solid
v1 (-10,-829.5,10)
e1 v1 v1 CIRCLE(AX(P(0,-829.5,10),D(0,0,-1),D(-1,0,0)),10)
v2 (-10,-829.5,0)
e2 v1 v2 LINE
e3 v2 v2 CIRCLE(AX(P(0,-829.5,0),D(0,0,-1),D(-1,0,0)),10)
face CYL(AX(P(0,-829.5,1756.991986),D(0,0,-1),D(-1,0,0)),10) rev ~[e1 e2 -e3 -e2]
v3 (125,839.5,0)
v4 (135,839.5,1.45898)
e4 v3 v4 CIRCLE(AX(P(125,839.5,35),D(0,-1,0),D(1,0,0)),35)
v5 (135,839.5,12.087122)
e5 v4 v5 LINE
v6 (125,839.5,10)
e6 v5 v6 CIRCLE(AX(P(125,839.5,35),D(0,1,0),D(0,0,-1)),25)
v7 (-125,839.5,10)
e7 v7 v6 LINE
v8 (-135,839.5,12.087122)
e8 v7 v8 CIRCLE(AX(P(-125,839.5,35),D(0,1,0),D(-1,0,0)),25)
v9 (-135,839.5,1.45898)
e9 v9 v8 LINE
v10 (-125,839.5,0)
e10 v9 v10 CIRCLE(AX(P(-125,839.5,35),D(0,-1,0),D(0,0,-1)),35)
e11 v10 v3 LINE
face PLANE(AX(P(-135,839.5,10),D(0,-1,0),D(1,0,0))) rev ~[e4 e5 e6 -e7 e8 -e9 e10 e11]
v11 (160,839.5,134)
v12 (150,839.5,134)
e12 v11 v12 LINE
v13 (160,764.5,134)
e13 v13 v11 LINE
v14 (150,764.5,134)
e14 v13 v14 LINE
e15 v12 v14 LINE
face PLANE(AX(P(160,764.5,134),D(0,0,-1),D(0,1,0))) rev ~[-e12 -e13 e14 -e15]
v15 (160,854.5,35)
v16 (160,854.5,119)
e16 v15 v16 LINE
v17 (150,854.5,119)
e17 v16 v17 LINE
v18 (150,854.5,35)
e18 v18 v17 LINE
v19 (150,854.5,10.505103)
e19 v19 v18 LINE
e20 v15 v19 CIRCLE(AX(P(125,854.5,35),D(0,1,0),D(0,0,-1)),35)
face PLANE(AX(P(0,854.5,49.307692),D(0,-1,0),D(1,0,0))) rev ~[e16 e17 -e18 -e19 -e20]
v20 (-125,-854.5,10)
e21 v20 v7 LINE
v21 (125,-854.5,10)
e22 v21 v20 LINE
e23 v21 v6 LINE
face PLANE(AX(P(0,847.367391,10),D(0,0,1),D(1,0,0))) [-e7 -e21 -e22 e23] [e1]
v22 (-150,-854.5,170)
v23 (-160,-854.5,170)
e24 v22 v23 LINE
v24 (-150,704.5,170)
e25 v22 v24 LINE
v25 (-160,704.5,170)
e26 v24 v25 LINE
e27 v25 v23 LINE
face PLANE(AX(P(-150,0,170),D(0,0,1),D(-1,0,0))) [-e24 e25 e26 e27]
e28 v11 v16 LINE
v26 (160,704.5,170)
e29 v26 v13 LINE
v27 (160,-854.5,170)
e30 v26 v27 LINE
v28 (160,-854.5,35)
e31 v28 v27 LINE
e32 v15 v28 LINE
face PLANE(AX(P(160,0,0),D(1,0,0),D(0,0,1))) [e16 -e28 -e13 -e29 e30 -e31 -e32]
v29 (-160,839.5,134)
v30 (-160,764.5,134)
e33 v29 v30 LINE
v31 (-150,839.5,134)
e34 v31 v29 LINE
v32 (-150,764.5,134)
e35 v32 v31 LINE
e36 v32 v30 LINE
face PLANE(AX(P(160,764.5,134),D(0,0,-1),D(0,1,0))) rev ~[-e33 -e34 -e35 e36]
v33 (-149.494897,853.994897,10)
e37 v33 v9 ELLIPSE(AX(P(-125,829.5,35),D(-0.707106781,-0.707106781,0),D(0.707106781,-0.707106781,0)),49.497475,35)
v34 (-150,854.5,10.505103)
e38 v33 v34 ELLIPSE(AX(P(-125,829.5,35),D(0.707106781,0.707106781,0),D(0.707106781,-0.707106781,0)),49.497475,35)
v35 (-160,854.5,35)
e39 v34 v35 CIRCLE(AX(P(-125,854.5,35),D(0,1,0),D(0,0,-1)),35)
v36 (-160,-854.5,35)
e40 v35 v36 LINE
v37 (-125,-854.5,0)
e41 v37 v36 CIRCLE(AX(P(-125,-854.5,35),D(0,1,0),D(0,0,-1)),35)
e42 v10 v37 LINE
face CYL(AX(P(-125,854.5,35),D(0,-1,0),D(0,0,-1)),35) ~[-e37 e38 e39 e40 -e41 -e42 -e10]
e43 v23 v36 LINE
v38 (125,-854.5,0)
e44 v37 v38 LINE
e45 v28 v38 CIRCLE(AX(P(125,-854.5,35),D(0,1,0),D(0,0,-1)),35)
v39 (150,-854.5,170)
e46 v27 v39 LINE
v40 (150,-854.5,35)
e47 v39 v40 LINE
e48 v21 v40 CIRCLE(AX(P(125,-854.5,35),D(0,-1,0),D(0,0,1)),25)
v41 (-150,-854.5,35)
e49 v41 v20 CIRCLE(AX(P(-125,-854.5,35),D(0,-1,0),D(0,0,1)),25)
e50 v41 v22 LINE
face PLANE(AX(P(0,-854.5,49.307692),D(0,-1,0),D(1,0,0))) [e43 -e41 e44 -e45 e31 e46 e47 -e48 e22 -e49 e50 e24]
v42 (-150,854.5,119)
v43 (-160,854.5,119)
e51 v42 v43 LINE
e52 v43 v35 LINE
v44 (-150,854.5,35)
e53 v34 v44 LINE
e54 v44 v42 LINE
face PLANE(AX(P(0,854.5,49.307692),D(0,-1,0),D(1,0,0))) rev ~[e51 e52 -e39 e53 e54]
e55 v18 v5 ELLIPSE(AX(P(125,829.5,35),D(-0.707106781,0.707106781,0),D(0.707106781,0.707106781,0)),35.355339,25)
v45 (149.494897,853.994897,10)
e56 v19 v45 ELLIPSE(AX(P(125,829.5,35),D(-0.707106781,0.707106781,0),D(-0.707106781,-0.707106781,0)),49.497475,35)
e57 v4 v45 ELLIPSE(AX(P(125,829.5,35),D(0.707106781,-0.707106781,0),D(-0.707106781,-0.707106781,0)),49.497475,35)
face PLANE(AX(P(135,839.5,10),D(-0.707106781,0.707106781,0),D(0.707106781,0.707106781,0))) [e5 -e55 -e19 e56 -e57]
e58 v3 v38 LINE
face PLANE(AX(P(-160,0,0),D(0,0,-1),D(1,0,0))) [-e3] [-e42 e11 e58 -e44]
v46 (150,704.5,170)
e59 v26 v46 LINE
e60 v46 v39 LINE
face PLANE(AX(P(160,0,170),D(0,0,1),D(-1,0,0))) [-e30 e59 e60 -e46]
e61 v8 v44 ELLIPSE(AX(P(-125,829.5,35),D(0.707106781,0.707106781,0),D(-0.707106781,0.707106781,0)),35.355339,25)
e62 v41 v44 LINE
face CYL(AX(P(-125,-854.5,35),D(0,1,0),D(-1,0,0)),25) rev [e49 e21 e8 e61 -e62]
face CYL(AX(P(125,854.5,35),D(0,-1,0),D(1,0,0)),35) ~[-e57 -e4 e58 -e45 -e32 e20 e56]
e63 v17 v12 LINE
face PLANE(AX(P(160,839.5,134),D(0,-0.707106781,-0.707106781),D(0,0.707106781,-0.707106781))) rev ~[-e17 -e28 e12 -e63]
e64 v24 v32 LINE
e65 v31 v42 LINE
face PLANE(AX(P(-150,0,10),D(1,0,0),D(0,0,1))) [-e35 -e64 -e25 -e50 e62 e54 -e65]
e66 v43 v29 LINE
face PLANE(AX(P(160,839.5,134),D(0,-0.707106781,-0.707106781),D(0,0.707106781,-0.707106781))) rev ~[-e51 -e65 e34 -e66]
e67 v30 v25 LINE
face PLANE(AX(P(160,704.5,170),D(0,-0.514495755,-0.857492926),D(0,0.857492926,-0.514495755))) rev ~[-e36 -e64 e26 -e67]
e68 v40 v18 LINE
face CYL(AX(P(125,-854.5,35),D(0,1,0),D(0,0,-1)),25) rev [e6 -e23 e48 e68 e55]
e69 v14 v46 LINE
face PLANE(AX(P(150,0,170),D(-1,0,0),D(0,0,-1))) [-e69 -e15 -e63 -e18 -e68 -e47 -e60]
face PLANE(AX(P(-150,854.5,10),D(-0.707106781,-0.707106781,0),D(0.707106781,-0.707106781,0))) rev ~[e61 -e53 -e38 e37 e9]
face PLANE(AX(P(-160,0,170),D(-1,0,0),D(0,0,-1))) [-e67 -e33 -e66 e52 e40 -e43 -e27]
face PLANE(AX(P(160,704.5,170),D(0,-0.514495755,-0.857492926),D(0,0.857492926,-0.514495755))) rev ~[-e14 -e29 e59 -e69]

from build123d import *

# Parameters (mm, degrees)
F1_DEPTH      = 854.5
F2_R          = 25
F3_R          = 35
F5_DEPTH      = 320.001
F7_D          = 20
F9_DEPTH      = 30
F9_DEPTH_BACK = 10


with BuildPart() as f1:
    # F0 (on Front) → F1 (new body, symmetric)
    with BuildSketch(Plane.XZ):
        Polygon((-150, 170), (-160, 170), (-160, 0), (160, 0), (160, 170), (150, 170), (150, 10), (-150, 10), align=None)
    extrude(amount=F1_DEPTH, both=True)

    # F2
    f2_edges = [f1.edges().sort_by_distance(p)[0] for p in [
        (-150, 0, 10),
        (150, 0, 10),
    ]]
    fillet(f2_edges, radius=F2_R)

    # F3
    f3_edges = [f1.edges().sort_by_distance(p)[0] for p in [
        (160, 0, 0),
        (-160, 0, 0),
    ]]
    fillet(f3_edges, radius=F3_R)

    # F4 (on face) → F5 (cut, through all)
    with BuildSketch(Plane.YZ.offset(160)):
        Polygon((854.5, 170), (704.5, 170), (764.5, 134), (839.5, 134), (854.5, 119), align=None)
    extrude(amount=-F5_DEPTH, mode=Mode.SUBTRACT)

    # F7 (through all)
    with Locations(Plane.XY.offset(10)):
        with Locations((0, -829.5)):
            Hole(F7_D / 2)

    # F8 (on face) → F9 (cut, two sides)
    with BuildSketch(Plane.XY.offset(10)) as f9_sk:
        Polygon((-150, 854.5), (-135, 839.5), (135, 839.5), (150, 854.5), align=None)
    extrude(amount=F9_DEPTH, mode=Mode.SUBTRACT)
    extrude(f9_sk.sketch, amount=-F9_DEPTH_BACK, mode=Mode.SUBTRACT)


solid = f1.part
